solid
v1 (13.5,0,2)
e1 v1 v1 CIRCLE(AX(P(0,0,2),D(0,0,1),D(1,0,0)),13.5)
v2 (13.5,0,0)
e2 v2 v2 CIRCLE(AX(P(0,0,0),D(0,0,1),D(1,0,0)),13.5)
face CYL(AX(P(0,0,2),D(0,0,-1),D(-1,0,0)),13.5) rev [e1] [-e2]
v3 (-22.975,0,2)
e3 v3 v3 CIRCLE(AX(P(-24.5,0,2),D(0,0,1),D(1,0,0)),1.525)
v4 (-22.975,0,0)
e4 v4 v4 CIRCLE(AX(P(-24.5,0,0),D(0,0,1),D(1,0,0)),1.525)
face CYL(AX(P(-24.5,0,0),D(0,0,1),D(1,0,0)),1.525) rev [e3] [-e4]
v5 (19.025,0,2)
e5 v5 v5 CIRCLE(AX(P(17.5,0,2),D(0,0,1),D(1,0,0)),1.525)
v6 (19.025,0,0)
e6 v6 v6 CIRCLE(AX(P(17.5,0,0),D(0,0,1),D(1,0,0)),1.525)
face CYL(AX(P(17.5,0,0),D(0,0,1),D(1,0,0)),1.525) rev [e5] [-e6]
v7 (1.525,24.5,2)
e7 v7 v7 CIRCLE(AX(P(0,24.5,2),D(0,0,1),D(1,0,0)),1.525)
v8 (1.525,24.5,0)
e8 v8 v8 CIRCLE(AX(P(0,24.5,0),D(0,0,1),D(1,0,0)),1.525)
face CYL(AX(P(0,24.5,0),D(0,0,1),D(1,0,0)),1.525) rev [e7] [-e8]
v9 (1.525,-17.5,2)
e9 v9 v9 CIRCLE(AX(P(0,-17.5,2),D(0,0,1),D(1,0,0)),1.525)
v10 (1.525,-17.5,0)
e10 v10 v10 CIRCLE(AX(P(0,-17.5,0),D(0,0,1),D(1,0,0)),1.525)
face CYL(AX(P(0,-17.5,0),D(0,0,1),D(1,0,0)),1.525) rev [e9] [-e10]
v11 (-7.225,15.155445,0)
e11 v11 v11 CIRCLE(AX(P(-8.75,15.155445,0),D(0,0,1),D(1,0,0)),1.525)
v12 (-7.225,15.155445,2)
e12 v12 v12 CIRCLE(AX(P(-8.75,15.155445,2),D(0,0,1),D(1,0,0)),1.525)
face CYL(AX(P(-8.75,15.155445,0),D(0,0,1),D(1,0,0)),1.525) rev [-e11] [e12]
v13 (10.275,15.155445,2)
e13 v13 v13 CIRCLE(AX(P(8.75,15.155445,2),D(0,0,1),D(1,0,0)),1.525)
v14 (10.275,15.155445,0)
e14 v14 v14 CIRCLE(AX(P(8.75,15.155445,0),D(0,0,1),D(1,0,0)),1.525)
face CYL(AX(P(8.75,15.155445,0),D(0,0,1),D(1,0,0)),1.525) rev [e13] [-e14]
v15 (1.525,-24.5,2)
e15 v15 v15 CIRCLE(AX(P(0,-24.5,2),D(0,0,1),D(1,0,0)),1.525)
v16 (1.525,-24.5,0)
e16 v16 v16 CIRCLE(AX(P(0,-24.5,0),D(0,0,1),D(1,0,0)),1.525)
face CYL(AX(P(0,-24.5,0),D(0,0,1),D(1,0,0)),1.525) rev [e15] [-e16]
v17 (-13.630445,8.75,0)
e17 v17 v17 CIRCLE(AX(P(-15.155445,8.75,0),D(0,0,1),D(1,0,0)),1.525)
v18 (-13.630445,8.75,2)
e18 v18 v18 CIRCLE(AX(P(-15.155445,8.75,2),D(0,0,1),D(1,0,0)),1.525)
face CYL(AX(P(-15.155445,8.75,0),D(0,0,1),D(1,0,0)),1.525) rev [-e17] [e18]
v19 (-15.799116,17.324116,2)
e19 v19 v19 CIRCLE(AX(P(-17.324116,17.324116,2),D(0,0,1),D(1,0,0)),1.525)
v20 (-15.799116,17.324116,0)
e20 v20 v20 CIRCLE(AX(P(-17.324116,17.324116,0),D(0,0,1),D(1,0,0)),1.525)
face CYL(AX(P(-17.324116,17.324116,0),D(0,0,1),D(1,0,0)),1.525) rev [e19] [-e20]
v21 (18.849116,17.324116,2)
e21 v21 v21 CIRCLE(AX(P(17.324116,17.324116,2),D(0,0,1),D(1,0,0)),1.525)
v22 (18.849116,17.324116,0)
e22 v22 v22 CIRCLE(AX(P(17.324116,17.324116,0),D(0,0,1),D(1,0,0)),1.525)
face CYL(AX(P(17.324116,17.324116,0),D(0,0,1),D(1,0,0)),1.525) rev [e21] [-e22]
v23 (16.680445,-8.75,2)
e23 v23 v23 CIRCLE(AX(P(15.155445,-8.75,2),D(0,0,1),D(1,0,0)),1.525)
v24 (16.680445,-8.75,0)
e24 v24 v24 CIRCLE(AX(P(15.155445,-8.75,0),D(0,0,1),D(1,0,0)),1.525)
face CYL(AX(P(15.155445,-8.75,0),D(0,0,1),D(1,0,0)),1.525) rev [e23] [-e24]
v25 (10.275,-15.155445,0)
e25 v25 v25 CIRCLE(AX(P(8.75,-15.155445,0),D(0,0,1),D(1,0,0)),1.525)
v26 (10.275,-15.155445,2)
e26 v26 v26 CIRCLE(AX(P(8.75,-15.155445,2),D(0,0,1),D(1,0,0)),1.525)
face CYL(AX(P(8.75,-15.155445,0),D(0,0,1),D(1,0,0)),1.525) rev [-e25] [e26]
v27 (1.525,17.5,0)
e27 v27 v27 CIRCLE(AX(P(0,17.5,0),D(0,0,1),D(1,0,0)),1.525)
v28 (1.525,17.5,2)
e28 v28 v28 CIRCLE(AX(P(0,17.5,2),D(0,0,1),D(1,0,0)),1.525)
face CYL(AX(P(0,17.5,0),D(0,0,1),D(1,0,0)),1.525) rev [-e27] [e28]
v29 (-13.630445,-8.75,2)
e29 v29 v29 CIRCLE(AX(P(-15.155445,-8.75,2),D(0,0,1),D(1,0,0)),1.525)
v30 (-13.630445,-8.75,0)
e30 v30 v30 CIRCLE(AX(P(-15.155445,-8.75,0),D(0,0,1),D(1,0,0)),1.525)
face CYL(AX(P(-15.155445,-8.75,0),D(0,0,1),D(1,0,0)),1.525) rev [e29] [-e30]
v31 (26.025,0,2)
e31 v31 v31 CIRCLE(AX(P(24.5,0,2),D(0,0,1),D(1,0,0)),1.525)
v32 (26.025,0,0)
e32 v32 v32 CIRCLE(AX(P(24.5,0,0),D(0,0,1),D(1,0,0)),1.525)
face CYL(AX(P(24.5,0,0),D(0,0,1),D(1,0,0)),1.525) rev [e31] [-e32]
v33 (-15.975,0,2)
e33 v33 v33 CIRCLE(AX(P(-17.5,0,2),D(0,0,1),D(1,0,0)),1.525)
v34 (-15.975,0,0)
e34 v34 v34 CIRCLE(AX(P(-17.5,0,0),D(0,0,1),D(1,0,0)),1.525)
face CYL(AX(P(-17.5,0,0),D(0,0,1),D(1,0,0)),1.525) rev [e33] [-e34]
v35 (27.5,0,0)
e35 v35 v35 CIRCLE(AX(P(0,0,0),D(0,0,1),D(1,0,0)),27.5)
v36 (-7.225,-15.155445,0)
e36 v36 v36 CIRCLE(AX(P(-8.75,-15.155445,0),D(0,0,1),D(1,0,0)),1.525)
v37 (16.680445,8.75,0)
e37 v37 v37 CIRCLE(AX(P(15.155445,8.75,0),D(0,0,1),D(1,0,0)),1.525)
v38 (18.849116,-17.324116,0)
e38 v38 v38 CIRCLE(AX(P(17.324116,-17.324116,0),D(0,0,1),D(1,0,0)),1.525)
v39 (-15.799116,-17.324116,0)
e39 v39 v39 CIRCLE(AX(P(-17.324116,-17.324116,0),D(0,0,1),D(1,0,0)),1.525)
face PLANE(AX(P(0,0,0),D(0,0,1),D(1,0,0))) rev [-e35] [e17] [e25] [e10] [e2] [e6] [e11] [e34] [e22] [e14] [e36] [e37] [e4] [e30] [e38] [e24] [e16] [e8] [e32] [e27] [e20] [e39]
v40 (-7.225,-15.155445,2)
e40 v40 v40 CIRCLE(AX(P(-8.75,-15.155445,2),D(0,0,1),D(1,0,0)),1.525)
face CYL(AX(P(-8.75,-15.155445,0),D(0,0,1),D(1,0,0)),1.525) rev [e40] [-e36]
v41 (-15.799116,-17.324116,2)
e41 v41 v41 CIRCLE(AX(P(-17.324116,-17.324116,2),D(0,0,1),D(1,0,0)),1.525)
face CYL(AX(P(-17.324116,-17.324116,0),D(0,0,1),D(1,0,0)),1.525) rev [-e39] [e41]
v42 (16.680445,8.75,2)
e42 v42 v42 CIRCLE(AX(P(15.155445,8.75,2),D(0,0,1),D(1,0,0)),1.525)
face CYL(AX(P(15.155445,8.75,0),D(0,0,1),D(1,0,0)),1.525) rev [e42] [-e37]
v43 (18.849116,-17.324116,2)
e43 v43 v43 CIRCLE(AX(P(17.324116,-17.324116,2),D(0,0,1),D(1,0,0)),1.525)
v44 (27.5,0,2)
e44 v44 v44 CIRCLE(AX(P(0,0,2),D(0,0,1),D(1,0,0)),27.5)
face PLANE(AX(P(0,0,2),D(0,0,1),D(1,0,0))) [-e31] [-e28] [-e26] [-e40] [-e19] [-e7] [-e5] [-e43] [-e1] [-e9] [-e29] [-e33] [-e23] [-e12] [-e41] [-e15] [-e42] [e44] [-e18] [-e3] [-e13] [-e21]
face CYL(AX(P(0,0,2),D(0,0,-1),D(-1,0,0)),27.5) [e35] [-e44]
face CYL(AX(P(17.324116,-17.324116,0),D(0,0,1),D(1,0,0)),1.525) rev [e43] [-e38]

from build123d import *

# Parameters (mm, degrees)
SKETCH_1_R          = 27.5
SKETCH_1_R_2        = 13.5
EXTRUDE_1_DEPTH     = 2
SKETCH_2_R          = 1.525
CUT_EXTRUDE_1_DEPTH = 2
SKETCH_3_R          = 1.525
CUT_EXTRUDE_2_DEPTH = 2


with BuildPart() as part:
    # 草图1 → 凸台-拉伸1 (new body)
    with BuildSketch(Plane.XY):
        Circle(SKETCH_1_R)
        Circle(SKETCH_1_R_2, mode=Mode.SUBTRACT)
    extrude(amount=EXTRUDE_1_DEPTH)

    # 草图2 → 切除-拉伸1 (cut)
    with BuildSketch(Plane.XY.offset(2)):
        with Locations((0, 17.5)):
            Circle(SKETCH_2_R)
        with Locations((8.75, 15.155444566)):
            Circle(SKETCH_2_R)
        with Locations((15.155444566, 8.75)):
            Circle(SKETCH_2_R)
        with Locations((17.5, 0)):
            Circle(SKETCH_2_R)
        with Locations((15.155444566, -8.75)):
            Circle(SKETCH_2_R)
        with Locations((8.75, -15.155444566)):
            Circle(SKETCH_2_R)
        with Locations((0, -17.5)):
            Circle(SKETCH_2_R)
        with Locations((-8.75, -15.155444566)):
            Circle(SKETCH_2_R)
        with Locations((-15.155444566, -8.75)):
            Circle(SKETCH_2_R)
        with Locations((-17.5, 0)):
            Circle(SKETCH_2_R)
        with Locations((-15.155444566, 8.75)):
            Circle(SKETCH_2_R)
        with Locations((-8.75, 15.155444566)):
            Circle(SKETCH_2_R)
    extrude(amount=-CUT_EXTRUDE_1_DEPTH, mode=Mode.SUBTRACT)

    # 草图3 → 切除-拉伸2 (cut)
    with BuildSketch(Plane.XY.offset(2)):
        with Locations((0, 24.5)):
            Circle(SKETCH_3_R)
        with Locations((17.324116139, 17.324116139)):
            Circle(SKETCH_3_R)
        with Locations((24.5, 0)):
            Circle(SKETCH_3_R)
        with Locations((17.324116139, -17.324116139)):
            Circle(SKETCH_3_R)
        with Locations((0, -24.5)):
            Circle(SKETCH_3_R)
        with Locations((-17.324116139, -17.324116139)):
            Circle(SKETCH_3_R)
        with Locations((-24.5, 0)):
            Circle(SKETCH_3_R)
        with Locations((-17.324116139, 17.324116139)):
            Circle(SKETCH_3_R)
    extrude(amount=-CUT_EXTRUDE_2_DEPTH, mode=Mode.SUBTRACT)


solid = part.part
